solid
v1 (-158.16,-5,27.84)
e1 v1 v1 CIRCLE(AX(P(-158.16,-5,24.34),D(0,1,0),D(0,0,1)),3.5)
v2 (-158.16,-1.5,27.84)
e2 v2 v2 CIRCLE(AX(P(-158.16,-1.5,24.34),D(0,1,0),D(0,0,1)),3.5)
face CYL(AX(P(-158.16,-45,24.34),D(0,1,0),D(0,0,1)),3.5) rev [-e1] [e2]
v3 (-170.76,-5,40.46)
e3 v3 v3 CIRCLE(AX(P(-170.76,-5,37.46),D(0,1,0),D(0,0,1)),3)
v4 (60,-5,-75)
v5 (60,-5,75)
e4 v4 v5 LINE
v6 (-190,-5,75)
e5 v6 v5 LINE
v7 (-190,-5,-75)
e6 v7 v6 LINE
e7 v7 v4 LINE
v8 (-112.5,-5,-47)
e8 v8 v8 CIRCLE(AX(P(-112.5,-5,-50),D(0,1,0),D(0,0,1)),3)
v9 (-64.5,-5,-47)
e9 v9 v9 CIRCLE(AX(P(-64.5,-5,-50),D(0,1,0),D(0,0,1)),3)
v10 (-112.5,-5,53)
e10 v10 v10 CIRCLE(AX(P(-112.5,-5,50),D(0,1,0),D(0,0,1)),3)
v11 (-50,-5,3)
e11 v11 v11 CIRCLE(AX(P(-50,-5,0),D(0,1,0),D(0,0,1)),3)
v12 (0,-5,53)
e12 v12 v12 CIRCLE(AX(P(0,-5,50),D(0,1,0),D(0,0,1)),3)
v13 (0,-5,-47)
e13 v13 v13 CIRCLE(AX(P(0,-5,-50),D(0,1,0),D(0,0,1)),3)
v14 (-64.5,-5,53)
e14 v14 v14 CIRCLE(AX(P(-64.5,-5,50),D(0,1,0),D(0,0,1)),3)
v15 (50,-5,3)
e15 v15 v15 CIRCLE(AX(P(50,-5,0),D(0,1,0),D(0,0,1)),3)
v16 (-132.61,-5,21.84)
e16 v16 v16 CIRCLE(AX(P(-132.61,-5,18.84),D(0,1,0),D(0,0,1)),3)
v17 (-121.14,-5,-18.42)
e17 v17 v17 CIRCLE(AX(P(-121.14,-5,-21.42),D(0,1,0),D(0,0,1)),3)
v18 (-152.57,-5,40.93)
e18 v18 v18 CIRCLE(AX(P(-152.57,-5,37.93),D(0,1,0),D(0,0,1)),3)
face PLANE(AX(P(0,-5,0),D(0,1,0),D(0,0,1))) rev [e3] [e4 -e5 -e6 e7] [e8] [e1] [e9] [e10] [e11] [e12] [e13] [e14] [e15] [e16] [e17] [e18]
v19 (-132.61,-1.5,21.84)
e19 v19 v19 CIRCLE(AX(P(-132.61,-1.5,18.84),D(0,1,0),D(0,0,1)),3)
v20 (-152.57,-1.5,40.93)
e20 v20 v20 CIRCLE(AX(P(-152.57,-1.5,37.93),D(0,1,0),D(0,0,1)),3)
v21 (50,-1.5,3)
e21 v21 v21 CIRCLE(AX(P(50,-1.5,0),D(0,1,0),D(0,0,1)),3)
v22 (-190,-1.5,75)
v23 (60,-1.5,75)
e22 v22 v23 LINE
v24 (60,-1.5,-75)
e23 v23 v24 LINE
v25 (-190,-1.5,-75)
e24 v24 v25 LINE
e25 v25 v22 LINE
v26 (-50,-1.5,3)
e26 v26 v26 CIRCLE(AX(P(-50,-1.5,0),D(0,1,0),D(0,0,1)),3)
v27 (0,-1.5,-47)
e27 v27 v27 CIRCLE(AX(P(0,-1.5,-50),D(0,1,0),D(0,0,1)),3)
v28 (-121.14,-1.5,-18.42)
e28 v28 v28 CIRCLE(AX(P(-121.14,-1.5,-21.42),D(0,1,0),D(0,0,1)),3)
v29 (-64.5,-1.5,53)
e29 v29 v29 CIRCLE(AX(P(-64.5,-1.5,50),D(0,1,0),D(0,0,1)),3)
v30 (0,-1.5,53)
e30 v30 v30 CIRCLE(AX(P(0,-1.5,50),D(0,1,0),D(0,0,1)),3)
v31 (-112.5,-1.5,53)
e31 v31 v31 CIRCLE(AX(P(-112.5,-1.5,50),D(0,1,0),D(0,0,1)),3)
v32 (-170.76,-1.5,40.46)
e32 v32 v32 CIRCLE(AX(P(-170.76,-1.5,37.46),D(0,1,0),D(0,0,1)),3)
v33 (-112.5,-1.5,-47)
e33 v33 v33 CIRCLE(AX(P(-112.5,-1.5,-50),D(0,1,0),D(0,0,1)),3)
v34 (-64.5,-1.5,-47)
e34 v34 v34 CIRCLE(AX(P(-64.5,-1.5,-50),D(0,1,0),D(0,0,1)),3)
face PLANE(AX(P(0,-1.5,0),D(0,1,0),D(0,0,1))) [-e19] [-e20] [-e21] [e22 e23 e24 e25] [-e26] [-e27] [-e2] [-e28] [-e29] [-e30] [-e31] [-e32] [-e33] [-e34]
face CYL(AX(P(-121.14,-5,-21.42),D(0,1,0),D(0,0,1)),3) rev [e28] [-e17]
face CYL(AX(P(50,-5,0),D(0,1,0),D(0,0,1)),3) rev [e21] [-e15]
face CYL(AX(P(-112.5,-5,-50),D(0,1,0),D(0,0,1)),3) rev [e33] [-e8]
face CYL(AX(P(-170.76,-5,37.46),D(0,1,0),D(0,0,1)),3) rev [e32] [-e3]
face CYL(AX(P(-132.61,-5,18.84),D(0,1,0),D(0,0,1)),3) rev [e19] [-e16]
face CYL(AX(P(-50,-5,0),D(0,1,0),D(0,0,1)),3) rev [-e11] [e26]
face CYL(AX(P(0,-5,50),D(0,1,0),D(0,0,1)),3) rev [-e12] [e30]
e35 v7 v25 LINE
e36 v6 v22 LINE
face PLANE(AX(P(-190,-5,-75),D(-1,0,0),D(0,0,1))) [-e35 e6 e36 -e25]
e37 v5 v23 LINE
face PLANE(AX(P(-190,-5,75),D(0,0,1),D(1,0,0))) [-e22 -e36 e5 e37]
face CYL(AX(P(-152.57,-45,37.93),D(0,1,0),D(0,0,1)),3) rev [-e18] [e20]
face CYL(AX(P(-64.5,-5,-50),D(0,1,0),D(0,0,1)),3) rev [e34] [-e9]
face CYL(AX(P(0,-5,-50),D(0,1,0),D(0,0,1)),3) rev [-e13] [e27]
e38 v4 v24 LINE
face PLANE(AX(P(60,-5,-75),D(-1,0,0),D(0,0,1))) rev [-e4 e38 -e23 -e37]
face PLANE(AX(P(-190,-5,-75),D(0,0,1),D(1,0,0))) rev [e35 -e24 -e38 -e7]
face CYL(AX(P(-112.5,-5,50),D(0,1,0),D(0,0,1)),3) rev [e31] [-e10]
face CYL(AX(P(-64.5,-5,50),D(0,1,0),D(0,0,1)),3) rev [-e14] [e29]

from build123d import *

# Parameters (mm, degrees)
SKETCH_1_W           = 250
SKETCH_1_H           = 150
EXTRUDE_1_DEPTH      = 5
SKETCH_1_4_R         = 3
CUT_EXTRUDE_1_DEPTH  = 5
SKETCH_1_5_R         = 3
CUT_EXTRUDE_2_DEPTH  = 5
SKETCH_1_6_R         = 3
CUT_EXTRUDE_3_DEPTH  = 5
SKETCH_1_7_R         = 3
CUT_EXTRUDE_4_DEPTH  = 5
SKETCH_2_R           = 3
CUT_EXTRUDE_5_DEPTH  = 5
SKETCH_3_R           = 3
CUT_EXTRUDE_6_DEPTH  = 45
SKETCH_3_3_R         = 3.5
CUT_EXTRUDE_7_DEPTH  = 45
SKETCH_4_R           = 3
CUT_EXTRUDE_8_DEPTH  = 5
SKETCH_4_3_R         = 3
CUT_EXTRUDE_9_DEPTH  = 5
SKETCH_5_R           = 3
CUT_EXTRUDE_10_DEPTH = 5
SKETCH_6_W           = 250
SKETCH_6_H           = 150
SKETCH_6_R           = 3
SKETCH_6_R_2         = 3.5
CUT_EXTRUDE_11_DEPTH = 1.5
SKETCH_7_R           = 3
CUT_EXTRUDE_12_DEPTH = 205.296965225


with BuildPart() as part:
    # 草圖1 → 填料-伸長1 (new body)
    with BuildSketch(Plane(origin=(0, 0, 0), x_dir=(1, 0, 0), z_dir=(0, 1, 0))):
        with Locations((-65, 0)):
            Rectangle(SKETCH_1_W, SKETCH_1_H)
    extrude(amount=-EXTRUDE_1_DEPTH)

    # 草圖1<4> → 除料-伸長1 (cut)
    with BuildSketch(Plane(origin=(0, 0, 0), x_dir=(1, 0, 0), z_dir=(0, 1, 0))):
        with Locations((0, 50)):
            Circle(SKETCH_1_4_R)
    extrude(amount=-CUT_EXTRUDE_1_DEPTH, mode=Mode.SUBTRACT)

    # 草圖1<5> → 除料-伸長2 (cut)
    with BuildSketch(Plane(origin=(0, 0, 0), x_dir=(1, 0, 0), z_dir=(0, 1, 0))):
        with Locations((-50, 0)):
            Circle(SKETCH_1_5_R)
    extrude(amount=-CUT_EXTRUDE_2_DEPTH, mode=Mode.SUBTRACT)

    # 草圖1<6> → 除料-伸長3 (cut)
    with BuildSketch(Plane(origin=(0, 0, 0), x_dir=(1, 0, 0), z_dir=(0, 1, 0))):
        with Locations((0, -50)):
            Circle(SKETCH_1_6_R)
    extrude(amount=-CUT_EXTRUDE_3_DEPTH, mode=Mode.SUBTRACT)

    # 草圖1<7> → 除料-伸長4 (cut)
    with BuildSketch(Plane(origin=(0, 0, 0), x_dir=(1, 0, 0), z_dir=(0, 1, 0))):
        with Locations((50, 0)):
            Circle(SKETCH_1_7_R)
    extrude(amount=-CUT_EXTRUDE_4_DEPTH, mode=Mode.SUBTRACT)

    # 草圖2 → 除料-伸長5 (cut)
    with BuildSketch(Plane(origin=(0, 0, 0), x_dir=(1, 0, 0), z_dir=(0, 1, 0))):
        with Locations((-170.76, -37.46)):
            Circle(SKETCH_2_R)
    extrude(amount=-CUT_EXTRUDE_5_DEPTH, mode=Mode.SUBTRACT)

    # 草圖3 → 除料-伸長6 (cut)
    with BuildSketch(Plane(origin=(0, 0, 0), x_dir=(1, 0, 0), z_dir=(0, 1, 0))):
        with Locations((-152.57, -37.93)):
            Circle(SKETCH_3_R)
    extrude(amount=-CUT_EXTRUDE_6_DEPTH, mode=Mode.SUBTRACT)

    # 草圖3<3> → 除料-伸長7 (cut)
    with BuildSketch(Plane(origin=(0, 0, 0), x_dir=(1, 0, 0), z_dir=(0, 1, 0))):
        with Locations((-158.16, -24.34)):
            Circle(SKETCH_3_3_R)
    extrude(amount=-CUT_EXTRUDE_7_DEPTH, mode=Mode.SUBTRACT)

    # 草圖4 → 除料-伸長8 (cut)
    with BuildSketch(Plane(origin=(0, 0, 0), x_dir=(1, 0, 0), z_dir=(0, 1, 0))):
        with Locations((-112.5, -50)):
            Circle(SKETCH_4_R)
    extrude(amount=-CUT_EXTRUDE_8_DEPTH, mode=Mode.SUBTRACT)

    # 草圖4<3> → 除料-伸長9 (cut)
    with BuildSketch(Plane(origin=(0, 0, 0), x_dir=(1, 0, 0), z_dir=(0, 1, 0))):
        with Locations((-64.5, -50)):
            Circle(SKETCH_4_3_R)
    extrude(amount=-CUT_EXTRUDE_9_DEPTH, mode=Mode.SUBTRACT)

    # 草圖5 → 除料-伸長10 (cut)
    with BuildSketch(Plane(origin=(0, 0, 0), x_dir=(1, 0, 0), z_dir=(0, 1, 0))):
        with Locations((-132.61, -18.84)):
            Circle(SKETCH_5_R)
        with Locations((-121.14, 21.42)):
            Circle(SKETCH_5_R)
    extrude(amount=-CUT_EXTRUDE_10_DEPTH, mode=Mode.SUBTRACT)

    # 草圖6 → 除料-伸長11 (cut)
    with BuildSketch(Plane(origin=(0, 0, 0), x_dir=(1, 0, 0), z_dir=(0, 1, 0))):
        with Locations((-65, 0)):
            Rectangle(SKETCH_6_W, SKETCH_6_H)
        with Locations((-170.76, -37.46)):
            Circle(SKETCH_6_R, mode=Mode.SUBTRACT)
        with Locations((-158.16, -24.34)):
            Circle(SKETCH_6_R_2, mode=Mode.SUBTRACT)
        with Locations((-152.57, -37.93)):
            Circle(SKETCH_6_R, mode=Mode.SUBTRACT)
        with Locations((-132.61, -18.84)):
            Circle(SKETCH_6_R, mode=Mode.SUBTRACT)
        with Locations((-112.5, -50)):
            Circle(SKETCH_6_R, mode=Mode.SUBTRACT)
        with Locations((-121.14, 21.42)):
            Circle(SKETCH_6_R, mode=Mode.SUBTRACT)
        with Locations((-50, 0)):
            Circle(SKETCH_6_R, mode=Mode.SUBTRACT)
        with Locations((-64.5, -50)):
            Circle(SKETCH_6_R, mode=Mode.SUBTRACT)
        with Locations((0, 50)):
            Circle(SKETCH_6_R, mode=Mode.SUBTRACT)
        with Locations((0, -50)):
            Circle(SKETCH_6_R, mode=Mode.SUBTRACT)
        with Locations((50, 0)):
            Circle(SKETCH_6_R, mode=Mode.SUBTRACT)
    extrude(amount=-CUT_EXTRUDE_11_DEPTH, mode=Mode.SUBTRACT)

    # 草圖7 → 除料-伸長12 (cut, through all)
    with BuildSketch(Plane(origin=(0, -1.5, 0), x_dir=(1, 0, 0), z_dir=(0, 1, 0))):
        with Locations((-64.5, 50)):
            Circle(SKETCH_7_R)
        with Locations((-112.5, 50)):
            Circle(SKETCH_7_R)
        with Locations((-64.5, -50)):
            Circle(SKETCH_7_R)
        with Locations((-112.5, -50)):
            Circle(SKETCH_7_R)
    extrude(amount=-CUT_EXTRUDE_12_DEPTH, mode=Mode.SUBTRACT)


solid = part.part
